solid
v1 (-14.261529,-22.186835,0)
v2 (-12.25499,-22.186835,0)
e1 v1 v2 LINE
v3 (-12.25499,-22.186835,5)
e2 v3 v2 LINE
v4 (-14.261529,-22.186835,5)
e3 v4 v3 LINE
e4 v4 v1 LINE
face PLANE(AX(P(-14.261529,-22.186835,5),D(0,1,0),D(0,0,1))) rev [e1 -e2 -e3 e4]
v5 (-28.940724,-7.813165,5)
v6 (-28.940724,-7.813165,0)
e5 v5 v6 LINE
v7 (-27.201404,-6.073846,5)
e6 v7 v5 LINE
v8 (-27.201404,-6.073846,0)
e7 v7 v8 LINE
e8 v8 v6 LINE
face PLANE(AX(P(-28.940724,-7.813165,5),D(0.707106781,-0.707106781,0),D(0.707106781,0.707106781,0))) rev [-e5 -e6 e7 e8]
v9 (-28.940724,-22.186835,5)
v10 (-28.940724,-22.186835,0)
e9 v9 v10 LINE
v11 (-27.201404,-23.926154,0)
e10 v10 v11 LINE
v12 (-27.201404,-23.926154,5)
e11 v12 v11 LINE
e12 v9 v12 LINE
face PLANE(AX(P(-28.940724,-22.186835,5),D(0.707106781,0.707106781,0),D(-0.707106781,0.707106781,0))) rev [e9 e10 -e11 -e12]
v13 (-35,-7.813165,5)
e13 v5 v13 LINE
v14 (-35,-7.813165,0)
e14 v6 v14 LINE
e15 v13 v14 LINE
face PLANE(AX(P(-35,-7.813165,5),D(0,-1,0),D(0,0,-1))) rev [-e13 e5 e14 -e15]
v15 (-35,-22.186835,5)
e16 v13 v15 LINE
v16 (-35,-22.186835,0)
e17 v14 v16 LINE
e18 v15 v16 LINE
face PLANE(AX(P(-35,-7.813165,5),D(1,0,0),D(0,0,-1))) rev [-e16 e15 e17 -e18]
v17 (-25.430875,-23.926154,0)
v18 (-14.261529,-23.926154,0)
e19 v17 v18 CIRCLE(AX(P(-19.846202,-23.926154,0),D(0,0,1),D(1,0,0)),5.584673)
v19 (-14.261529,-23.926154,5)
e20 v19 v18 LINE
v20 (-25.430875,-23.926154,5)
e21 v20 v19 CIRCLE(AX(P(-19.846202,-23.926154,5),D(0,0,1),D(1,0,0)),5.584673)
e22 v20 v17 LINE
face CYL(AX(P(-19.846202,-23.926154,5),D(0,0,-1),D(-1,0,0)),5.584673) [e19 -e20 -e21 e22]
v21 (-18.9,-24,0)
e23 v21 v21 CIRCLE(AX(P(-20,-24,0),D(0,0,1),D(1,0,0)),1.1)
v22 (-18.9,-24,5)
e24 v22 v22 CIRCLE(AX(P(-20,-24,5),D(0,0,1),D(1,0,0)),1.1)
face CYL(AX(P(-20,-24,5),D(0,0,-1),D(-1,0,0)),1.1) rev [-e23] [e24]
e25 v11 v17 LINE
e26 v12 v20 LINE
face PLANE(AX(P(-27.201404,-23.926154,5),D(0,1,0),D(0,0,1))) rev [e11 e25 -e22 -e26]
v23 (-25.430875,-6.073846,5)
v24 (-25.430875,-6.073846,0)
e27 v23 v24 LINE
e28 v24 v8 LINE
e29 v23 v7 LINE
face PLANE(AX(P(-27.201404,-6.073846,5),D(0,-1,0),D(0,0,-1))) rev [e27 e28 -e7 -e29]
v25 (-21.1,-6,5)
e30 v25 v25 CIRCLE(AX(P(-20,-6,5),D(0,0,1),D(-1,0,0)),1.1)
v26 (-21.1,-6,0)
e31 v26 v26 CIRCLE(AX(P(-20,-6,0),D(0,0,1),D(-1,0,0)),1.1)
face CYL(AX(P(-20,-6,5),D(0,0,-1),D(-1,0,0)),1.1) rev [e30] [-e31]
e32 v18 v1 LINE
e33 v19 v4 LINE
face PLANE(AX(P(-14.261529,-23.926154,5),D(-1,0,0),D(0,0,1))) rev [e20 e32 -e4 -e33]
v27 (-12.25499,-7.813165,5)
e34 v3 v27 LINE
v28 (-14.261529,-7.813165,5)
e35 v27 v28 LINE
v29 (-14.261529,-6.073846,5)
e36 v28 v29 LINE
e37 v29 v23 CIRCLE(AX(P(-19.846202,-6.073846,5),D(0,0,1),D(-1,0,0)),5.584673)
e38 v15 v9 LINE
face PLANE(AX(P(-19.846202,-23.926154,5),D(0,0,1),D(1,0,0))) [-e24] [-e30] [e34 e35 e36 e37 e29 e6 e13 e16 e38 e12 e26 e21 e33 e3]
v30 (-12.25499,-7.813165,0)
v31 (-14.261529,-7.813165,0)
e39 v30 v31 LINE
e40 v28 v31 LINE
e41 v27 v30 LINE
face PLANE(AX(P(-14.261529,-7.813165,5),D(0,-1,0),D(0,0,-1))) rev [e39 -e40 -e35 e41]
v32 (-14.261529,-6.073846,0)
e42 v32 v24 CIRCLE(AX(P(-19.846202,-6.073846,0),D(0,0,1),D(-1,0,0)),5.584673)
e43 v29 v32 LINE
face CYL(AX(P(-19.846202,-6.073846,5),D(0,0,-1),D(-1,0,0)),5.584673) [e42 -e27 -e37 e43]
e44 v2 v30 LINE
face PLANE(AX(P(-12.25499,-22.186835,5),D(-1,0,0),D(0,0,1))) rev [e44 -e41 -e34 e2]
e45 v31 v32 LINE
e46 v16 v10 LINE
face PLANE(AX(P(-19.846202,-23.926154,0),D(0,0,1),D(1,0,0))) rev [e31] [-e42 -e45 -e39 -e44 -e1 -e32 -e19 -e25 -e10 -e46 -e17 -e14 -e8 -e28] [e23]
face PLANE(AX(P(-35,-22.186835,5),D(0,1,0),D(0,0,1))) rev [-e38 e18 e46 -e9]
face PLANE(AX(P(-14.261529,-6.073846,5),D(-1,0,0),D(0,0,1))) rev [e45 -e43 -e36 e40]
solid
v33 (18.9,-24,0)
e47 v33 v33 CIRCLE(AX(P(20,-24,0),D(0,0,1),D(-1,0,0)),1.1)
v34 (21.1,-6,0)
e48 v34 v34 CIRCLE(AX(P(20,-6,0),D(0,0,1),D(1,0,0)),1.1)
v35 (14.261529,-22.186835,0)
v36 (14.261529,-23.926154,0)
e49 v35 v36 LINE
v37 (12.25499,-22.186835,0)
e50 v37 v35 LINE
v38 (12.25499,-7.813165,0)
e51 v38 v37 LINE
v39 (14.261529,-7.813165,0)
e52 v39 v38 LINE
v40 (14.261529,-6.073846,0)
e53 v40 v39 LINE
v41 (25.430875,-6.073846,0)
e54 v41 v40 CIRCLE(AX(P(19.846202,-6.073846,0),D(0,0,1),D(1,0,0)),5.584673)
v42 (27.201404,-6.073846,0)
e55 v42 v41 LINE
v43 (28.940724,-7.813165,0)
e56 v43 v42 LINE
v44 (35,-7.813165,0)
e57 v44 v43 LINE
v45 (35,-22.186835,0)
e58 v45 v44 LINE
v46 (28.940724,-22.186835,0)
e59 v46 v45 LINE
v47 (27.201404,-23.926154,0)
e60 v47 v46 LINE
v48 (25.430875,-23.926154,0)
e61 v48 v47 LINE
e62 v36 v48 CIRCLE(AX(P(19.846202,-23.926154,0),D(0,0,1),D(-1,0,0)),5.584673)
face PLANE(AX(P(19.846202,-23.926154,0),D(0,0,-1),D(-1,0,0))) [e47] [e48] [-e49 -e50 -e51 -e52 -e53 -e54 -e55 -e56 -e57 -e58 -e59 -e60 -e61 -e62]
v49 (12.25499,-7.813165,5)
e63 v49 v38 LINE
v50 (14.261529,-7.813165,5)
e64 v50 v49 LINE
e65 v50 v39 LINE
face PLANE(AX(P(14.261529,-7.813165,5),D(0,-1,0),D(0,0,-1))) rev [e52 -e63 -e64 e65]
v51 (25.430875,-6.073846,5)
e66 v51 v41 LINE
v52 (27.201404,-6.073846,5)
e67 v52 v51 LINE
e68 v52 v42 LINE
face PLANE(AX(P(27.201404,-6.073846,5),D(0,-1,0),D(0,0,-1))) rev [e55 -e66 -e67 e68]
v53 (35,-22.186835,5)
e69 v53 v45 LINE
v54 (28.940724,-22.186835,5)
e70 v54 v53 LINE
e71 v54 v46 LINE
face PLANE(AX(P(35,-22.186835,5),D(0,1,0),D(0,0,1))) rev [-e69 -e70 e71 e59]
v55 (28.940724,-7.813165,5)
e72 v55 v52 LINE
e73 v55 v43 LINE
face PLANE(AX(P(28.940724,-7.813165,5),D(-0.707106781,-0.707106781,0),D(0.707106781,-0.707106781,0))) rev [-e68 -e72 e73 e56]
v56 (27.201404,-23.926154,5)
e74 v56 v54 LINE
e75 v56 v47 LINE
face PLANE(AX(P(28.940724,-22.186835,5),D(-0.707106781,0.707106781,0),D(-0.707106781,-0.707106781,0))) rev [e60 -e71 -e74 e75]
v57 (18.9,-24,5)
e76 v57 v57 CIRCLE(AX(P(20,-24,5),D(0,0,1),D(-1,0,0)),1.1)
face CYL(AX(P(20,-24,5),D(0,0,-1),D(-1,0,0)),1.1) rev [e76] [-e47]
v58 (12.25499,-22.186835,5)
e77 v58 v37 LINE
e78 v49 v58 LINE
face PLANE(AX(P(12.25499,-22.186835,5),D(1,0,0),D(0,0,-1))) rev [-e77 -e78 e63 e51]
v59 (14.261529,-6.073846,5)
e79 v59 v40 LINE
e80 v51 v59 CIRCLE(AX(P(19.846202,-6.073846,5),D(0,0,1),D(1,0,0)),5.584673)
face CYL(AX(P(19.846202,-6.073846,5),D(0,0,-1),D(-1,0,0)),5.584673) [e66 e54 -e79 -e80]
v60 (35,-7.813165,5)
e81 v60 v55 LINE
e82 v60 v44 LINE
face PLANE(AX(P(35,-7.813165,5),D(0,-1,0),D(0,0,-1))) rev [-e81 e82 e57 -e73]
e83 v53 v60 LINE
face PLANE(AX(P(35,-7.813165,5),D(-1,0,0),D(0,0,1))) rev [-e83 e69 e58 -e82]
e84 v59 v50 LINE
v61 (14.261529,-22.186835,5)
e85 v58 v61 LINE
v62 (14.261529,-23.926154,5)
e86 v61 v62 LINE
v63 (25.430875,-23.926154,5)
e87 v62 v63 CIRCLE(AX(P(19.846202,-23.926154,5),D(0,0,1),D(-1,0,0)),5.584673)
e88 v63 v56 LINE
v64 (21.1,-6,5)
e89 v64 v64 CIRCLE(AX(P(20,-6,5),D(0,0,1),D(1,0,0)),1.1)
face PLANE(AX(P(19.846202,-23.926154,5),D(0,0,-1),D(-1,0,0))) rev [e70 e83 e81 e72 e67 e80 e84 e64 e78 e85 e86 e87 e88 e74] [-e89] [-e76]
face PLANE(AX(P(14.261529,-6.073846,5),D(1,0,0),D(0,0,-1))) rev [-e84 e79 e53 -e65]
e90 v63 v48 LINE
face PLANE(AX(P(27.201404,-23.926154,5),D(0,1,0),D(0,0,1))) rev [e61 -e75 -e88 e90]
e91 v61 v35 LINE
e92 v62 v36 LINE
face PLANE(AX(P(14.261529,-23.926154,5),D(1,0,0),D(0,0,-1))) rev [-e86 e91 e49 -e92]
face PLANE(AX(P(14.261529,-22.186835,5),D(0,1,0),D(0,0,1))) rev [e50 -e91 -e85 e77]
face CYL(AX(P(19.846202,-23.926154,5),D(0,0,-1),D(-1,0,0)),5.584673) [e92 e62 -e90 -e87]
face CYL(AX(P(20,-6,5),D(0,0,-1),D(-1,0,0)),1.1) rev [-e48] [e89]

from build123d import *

# Parameters (mm, degrees)
SKETCH1_R             = 1.1
BOSS_EXTRUDE2_DEPTH   = 5
BOSS_EXTRUDE2_2_DEPTH = 5


with BuildPart() as part:
    # Sketch1 → Boss-Extrude2 (new body)
    with BuildSketch(Plane.XY):
        with BuildLine():
            Line((-35, -22.186834718), (-28.940723539, -22.186834718))
            Line((-28.940723539, -22.186834718), (-27.201404344, -23.926153914))
            Line((-27.201404344, -23.926153914), (-25.430875053, -23.926153914))
            ThreePointArc((-25.430875053, -23.926153914), (-19.846202254, -29.510826713), (-14.261529454, -23.926153914))
            Line((-14.261529454, -23.926153914), (-14.261529454, -22.186834718))
            Line((-14.261529454, -22.186834718), (-12.254990306, -22.186834718))
            Line((-12.254990306, -22.186834718), (-12.254990306, -7.813165282))
            Line((-12.254990306, -7.813165282), (-14.261529454, -7.813165282))
            Line((-14.261529454, -7.813165282), (-14.261529454, -6.073846086))
            ThreePointArc((-14.261529454, -6.073846086), (-19.846202254, -0.489173287), (-25.430875053, -6.073846086))
            Line((-25.430875053, -6.073846086), (-27.201404344, -6.073846086))
            Line((-27.201404344, -6.073846086), (-28.940723539, -7.813165282))
            Line((-28.940723539, -7.813165282), (-35, -7.813165282))
            Line((-35, -7.813165282), (-35, -22.186834718))
        make_face()
        with Locations((-20, -24)):
            Circle(SKETCH1_R, mode=Mode.SUBTRACT)
        with Locations(Location((-20, -6, 0), (0, 0, 180))):
            Circle(SKETCH1_R, mode=Mode.SUBTRACT)
    extrude(amount=BOSS_EXTRUDE2_DEPTH)


with BuildPart() as body_2:
    # Sketch1 → Boss-Extrude2 2 (new body)
    with BuildSketch(Plane.XY):
        with BuildLine():
            Line((35, -7.813165282), (28.940723539, -7.813165282))
            Line((28.940723539, -7.813165282), (27.201404344, -6.073846086))
            Line((27.201404344, -6.073846086), (25.430875053, -6.073846086))
            ThreePointArc((25.430875053, -6.073846086), (19.846202254, -0.489173287), (14.261529454, -6.073846086))
            Line((14.261529454, -6.073846086), (14.261529454, -7.813165282))
            Line((14.261529454, -7.813165282), (12.254990306, -7.813165282))
            Line((12.254990306, -7.813165282), (12.254990306, -22.186834718))
            Line((12.254990306, -22.186834718), (14.261529454, -22.186834718))
            Line((14.261529454, -22.186834718), (14.261529454, -23.926153914))
            ThreePointArc((14.261529454, -23.926153914), (19.846202254, -29.510826713), (25.430875053, -23.926153914))
            Line((25.430875053, -23.926153914), (27.201404344, -23.926153914))
            Line((27.201404344, -23.926153914), (28.940723539, -22.186834718))
            Line((28.940723539, -22.186834718), (35, -22.186834718))
            Line((35, -22.186834718), (35, -7.813165282))
        make_face()
        with Locations((20, -6)):
            Circle(SKETCH1_R, mode=Mode.SUBTRACT)
        with Locations(Location((20, -24, 0), (0, 0, 180))):
            Circle(SKETCH1_R, mode=Mode.SUBTRACT)
    extrude(amount=BOSS_EXTRUDE2_2_DEPTH)


solid = Compound([part.part, body_2.part])
